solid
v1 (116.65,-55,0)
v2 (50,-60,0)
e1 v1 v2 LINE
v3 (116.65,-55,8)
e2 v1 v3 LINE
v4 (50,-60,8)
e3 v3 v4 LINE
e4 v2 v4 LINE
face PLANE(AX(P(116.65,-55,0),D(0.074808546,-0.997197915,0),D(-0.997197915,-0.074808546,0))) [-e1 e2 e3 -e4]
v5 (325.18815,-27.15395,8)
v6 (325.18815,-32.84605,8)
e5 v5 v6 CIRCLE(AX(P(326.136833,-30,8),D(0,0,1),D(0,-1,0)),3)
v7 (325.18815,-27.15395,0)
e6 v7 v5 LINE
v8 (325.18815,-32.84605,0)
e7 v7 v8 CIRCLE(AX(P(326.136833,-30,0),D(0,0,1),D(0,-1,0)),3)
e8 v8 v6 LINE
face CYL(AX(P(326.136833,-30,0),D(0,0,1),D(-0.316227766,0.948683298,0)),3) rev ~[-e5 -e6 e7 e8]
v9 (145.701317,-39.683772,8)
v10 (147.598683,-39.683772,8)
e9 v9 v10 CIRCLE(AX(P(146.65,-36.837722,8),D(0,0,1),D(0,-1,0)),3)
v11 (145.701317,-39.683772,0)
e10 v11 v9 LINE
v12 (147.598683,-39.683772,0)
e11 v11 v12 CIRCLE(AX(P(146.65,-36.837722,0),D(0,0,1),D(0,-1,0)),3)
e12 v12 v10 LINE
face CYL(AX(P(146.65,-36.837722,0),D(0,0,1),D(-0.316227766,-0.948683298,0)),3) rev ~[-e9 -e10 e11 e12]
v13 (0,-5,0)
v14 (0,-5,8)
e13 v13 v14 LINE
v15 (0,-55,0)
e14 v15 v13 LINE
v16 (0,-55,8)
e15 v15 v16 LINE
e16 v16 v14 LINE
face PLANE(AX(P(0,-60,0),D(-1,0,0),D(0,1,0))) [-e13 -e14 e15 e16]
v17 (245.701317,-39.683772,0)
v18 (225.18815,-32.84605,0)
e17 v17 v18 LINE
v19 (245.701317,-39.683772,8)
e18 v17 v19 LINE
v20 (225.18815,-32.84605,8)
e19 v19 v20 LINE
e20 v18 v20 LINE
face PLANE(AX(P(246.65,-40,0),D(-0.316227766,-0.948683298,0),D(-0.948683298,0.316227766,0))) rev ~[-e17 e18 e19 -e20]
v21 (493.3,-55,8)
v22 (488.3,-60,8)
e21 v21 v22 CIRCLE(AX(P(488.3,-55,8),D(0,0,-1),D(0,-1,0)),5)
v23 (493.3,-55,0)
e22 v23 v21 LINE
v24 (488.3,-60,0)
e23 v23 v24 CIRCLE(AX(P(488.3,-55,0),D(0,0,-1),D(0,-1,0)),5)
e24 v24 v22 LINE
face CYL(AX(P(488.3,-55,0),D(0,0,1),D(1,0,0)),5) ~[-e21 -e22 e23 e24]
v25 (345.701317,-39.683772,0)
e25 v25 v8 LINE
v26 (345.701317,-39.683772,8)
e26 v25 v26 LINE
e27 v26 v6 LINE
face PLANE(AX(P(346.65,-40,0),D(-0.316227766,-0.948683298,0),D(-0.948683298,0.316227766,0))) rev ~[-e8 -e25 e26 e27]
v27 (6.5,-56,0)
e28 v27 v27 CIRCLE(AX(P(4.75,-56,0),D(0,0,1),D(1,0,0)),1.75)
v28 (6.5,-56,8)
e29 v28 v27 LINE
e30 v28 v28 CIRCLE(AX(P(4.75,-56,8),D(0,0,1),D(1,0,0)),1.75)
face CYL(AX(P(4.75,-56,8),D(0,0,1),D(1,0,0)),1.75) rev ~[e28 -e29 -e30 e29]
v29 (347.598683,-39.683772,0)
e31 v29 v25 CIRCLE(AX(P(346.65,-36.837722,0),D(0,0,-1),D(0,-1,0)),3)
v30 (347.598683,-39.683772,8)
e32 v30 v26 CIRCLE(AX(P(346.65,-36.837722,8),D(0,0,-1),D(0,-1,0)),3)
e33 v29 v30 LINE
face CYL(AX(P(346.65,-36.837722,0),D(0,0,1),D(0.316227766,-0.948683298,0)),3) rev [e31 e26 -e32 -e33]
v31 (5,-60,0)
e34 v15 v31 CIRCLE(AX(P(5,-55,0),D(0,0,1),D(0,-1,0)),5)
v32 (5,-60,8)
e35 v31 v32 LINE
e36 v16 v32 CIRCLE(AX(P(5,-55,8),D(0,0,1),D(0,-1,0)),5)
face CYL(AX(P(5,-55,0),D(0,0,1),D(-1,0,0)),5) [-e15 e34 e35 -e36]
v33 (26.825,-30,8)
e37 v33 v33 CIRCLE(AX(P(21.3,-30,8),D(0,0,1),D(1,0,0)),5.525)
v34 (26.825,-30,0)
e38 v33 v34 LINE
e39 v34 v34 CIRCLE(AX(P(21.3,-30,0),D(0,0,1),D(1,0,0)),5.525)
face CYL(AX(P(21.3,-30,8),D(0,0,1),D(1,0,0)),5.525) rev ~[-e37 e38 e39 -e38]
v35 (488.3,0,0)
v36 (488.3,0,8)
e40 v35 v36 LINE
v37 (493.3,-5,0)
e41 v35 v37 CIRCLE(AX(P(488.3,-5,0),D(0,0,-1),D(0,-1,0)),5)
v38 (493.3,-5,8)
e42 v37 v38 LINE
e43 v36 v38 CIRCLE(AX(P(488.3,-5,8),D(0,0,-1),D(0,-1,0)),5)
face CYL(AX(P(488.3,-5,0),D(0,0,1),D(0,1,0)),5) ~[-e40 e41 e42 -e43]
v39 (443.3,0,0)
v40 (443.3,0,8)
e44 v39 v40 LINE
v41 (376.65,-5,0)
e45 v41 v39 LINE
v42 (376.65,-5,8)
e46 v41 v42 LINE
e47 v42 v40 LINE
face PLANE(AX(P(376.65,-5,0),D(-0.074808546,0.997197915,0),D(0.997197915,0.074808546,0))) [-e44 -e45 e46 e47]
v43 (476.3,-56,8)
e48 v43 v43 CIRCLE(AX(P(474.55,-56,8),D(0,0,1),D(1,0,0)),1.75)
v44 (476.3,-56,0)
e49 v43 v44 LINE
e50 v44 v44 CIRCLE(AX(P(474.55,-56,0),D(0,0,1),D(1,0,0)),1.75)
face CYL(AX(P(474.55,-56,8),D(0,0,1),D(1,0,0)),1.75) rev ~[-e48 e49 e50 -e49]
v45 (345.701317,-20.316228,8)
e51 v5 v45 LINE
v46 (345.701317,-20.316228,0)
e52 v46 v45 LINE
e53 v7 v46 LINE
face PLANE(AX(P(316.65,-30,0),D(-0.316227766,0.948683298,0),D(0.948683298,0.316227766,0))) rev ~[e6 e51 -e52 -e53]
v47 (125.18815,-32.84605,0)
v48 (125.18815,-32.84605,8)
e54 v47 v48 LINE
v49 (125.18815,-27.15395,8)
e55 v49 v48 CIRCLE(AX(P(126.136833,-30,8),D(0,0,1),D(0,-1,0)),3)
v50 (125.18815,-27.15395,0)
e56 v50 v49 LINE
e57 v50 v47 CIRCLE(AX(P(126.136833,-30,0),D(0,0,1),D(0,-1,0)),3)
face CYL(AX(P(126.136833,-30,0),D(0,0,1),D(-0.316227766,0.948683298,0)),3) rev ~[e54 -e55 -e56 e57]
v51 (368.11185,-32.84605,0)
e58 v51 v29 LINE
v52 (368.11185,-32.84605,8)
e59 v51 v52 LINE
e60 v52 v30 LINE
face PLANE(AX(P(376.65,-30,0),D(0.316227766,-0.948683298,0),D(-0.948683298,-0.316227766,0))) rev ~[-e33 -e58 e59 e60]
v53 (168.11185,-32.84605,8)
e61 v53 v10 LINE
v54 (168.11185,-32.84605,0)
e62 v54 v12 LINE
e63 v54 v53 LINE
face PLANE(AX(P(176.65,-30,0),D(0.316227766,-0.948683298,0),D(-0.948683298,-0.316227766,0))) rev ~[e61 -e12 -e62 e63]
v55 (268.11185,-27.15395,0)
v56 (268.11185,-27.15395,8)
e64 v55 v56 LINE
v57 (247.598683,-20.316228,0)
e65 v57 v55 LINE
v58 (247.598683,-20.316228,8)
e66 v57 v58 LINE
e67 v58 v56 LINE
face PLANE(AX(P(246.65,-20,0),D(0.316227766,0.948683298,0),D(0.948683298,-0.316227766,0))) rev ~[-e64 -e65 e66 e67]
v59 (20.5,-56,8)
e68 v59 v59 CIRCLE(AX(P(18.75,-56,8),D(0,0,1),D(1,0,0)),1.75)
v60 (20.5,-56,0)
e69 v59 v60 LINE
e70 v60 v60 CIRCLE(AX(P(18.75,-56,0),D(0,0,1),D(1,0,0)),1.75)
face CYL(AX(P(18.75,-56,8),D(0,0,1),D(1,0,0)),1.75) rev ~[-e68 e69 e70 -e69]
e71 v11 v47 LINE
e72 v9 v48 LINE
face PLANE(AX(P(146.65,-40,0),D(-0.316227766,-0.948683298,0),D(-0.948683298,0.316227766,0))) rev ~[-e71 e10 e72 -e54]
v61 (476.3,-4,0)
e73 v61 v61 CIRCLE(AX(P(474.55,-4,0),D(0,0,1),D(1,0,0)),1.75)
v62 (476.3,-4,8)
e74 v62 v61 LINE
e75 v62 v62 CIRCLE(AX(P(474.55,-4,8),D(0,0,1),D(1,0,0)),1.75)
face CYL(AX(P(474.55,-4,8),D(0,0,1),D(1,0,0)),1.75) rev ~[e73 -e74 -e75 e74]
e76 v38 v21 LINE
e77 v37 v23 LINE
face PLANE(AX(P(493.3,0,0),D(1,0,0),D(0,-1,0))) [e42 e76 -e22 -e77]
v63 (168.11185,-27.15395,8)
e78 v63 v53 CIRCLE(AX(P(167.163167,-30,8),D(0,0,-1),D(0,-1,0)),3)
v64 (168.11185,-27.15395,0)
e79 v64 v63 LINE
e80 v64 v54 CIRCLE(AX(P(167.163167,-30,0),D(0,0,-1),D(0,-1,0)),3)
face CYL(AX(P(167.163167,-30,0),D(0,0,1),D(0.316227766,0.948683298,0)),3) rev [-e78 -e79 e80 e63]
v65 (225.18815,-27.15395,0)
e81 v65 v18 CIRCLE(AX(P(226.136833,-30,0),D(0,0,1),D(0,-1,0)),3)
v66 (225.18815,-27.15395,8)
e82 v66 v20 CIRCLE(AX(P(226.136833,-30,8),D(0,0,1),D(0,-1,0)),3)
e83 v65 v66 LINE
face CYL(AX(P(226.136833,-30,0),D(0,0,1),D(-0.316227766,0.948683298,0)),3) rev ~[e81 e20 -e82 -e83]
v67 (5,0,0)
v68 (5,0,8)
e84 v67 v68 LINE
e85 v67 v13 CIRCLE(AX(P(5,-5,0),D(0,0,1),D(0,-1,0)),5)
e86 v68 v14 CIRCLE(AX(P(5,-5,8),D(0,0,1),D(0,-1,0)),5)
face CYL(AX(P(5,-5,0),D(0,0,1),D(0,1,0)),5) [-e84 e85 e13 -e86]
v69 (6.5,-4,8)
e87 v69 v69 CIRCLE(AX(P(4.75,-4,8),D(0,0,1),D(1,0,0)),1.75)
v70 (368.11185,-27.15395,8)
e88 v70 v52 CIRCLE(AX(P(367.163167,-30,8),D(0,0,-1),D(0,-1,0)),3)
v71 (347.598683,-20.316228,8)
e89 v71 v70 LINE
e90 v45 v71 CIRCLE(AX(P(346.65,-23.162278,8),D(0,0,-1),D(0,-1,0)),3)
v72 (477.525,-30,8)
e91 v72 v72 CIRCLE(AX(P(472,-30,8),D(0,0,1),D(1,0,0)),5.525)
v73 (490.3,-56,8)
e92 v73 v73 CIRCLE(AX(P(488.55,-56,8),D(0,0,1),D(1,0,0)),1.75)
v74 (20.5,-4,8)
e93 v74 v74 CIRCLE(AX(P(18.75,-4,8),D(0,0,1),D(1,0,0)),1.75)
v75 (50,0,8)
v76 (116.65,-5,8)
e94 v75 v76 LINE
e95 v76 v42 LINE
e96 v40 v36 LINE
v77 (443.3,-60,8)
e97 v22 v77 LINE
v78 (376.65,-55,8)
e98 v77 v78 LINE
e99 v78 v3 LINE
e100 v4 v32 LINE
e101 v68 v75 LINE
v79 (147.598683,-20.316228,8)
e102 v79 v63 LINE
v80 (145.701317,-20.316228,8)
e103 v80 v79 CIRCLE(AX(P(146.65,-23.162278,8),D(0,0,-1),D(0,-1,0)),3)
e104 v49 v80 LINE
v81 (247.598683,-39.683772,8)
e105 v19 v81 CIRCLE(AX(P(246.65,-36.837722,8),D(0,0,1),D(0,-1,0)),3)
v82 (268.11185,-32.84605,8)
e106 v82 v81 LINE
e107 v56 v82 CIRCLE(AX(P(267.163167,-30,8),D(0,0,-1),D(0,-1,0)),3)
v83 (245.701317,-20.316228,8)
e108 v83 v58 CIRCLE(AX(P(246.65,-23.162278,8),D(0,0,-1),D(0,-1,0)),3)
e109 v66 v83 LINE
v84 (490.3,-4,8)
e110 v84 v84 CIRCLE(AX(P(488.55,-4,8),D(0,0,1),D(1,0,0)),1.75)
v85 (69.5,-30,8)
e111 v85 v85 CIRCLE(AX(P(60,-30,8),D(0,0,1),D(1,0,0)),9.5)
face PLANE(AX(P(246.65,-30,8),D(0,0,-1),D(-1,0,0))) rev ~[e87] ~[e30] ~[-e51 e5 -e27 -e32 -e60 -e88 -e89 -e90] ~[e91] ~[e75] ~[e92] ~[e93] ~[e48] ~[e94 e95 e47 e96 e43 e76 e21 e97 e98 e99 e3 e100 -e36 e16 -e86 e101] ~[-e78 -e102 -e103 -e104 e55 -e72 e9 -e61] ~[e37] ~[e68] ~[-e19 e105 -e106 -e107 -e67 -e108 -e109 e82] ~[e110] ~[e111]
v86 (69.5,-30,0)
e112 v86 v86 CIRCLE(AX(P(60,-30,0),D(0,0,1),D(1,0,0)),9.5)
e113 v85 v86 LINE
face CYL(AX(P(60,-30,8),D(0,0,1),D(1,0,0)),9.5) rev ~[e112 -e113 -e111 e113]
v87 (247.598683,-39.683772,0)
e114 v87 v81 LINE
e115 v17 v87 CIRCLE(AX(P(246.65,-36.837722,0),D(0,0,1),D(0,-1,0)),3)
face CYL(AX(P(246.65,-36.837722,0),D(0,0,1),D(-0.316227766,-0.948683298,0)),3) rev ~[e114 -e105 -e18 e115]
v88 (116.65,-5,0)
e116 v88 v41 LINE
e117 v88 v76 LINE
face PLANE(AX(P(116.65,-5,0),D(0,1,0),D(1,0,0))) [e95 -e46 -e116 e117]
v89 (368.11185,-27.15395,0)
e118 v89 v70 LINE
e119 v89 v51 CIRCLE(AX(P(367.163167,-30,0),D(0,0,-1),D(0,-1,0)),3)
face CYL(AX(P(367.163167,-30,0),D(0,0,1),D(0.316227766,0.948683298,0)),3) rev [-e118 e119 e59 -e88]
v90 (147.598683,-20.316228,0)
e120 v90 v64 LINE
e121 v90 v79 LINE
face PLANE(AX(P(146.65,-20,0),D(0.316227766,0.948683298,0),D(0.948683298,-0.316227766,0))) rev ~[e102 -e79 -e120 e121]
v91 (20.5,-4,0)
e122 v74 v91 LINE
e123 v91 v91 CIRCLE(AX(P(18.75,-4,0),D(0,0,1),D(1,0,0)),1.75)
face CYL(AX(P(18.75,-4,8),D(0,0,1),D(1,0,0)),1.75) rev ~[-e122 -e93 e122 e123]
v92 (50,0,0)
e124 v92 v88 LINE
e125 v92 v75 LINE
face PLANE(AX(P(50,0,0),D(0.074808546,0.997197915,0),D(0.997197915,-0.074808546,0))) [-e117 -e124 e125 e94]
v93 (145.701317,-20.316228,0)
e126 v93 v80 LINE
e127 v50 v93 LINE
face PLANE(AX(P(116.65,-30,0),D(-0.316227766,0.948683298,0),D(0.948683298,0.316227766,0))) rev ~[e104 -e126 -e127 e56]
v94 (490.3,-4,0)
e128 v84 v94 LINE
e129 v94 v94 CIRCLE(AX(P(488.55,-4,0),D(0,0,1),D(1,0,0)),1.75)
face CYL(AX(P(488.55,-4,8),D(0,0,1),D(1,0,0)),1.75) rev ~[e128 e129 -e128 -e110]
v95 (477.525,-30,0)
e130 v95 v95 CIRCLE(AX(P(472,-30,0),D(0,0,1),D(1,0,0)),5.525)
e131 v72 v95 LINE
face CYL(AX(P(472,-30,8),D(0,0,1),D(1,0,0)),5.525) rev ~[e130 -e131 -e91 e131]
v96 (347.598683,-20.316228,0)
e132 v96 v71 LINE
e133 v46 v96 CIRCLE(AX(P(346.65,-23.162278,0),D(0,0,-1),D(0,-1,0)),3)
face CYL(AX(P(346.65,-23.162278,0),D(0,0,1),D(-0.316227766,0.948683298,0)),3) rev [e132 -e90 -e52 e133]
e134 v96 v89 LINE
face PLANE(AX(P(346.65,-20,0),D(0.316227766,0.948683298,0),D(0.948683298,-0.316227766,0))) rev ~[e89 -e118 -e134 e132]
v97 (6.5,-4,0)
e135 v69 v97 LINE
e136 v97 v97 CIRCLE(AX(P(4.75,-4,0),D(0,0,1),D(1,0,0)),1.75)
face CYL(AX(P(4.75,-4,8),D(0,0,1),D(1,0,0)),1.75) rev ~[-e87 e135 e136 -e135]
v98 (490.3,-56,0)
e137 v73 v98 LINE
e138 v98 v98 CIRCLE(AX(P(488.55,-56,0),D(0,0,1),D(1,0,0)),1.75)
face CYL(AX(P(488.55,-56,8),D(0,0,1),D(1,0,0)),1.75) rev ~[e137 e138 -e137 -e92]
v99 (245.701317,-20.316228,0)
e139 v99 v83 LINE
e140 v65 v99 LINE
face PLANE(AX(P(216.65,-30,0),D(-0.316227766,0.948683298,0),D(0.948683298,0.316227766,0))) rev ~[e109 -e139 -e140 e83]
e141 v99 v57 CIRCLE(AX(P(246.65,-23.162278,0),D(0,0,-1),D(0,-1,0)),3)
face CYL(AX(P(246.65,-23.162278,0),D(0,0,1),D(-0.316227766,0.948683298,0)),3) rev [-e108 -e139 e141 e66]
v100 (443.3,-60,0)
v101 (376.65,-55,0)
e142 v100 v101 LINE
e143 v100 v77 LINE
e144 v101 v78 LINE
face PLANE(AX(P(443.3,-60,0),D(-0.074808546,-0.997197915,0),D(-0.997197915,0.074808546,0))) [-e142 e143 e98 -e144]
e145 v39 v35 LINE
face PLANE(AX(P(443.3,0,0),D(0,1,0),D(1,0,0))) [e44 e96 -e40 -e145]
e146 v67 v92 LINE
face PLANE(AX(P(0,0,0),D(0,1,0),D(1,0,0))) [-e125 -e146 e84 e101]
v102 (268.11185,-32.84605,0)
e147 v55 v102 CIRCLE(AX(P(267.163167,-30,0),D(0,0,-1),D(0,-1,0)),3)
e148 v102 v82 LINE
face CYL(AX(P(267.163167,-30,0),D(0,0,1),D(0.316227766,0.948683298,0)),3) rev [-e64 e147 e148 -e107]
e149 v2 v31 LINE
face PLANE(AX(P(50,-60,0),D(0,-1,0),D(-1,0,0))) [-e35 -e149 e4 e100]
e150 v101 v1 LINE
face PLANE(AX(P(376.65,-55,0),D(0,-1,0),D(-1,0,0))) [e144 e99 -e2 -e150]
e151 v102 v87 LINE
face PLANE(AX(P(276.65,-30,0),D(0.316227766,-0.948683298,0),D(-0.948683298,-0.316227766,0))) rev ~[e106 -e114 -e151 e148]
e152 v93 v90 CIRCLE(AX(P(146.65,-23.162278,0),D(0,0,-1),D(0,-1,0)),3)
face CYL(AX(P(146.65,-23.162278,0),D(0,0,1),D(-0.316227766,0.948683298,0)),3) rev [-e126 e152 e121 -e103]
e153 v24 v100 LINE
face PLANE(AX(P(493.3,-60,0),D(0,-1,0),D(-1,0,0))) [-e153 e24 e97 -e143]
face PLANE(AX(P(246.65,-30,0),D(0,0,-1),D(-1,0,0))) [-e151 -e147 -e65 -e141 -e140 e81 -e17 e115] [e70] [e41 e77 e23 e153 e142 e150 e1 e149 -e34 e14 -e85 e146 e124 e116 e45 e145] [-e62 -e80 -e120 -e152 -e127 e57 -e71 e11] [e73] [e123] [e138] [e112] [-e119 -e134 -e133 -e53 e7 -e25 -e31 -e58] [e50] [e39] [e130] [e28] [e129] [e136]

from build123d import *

# Parameters (mm, degrees)
EXTRUDE_1_DEPTH     = 8
FILLET_1_R          = 3
FILLET_2_R          = 5
SKETCH_2_R          = 1.75
SKETCH_2_R_2        = 5.525
CUT_EXTRUDE_1_DEPTH = 10
SKETCH_3_R          = 9.5
CUT_EXTRUDE_2_DEPTH = 497.999889336


with BuildPart() as part:
    # 草图1 → 凸台-拉伸1 (new body)
    with BuildSketch(Plane.XY):
        Polygon((0, 0), (50, 0), (116.65, -5), (376.65, -5), (443.3, 0), (493.3, 0), (493.3, -60), (443.3, -60), (376.65, -55), (116.65, -55), (50, -60), (0, -60), align=None)
        Polygon((116.65, -30), (146.65, -20), (176.65, -30), (146.65, -40), align=None, mode=Mode.SUBTRACT)
        Polygon((216.65, -30), (246.65, -20), (276.65, -30), (246.65, -40), align=None, mode=Mode.SUBTRACT)
        Polygon((316.65, -30), (346.65, -20), (376.65, -30), (346.65, -40), align=None, mode=Mode.SUBTRACT)
    extrude(amount=EXTRUDE_1_DEPTH)

    # 圆角1
    fillet_1_edges = [part.edges().sort_by_distance(p)[0] for p in [
        (216.65, -30, 4),
        (246.65, -40, 4),
        (276.65, -30, 4),
        (246.65, -20, 4),
        (116.65, -30, 4),
        (146.65, -40, 4),
        (176.65, -30, 4),
        (146.65, -20, 4),
        (316.65, -30, 4),
        (346.65, -40, 4),
        (376.65, -30, 4),
        (346.65, -20, 4),
    ]]
    fillet(fillet_1_edges, radius=FILLET_1_R)

    # 圆角2
    fillet_2_edges = [part.edges().sort_by_distance(p)[0] for p in [
        (0, 0, 4),
        (493.3, 0, 4),
        (493.3, -60, 4),
        (0, -60, 4),
    ]]
    fillet(fillet_2_edges, radius=FILLET_2_R)

    # 草图2 → 切除-拉伸1 (cut)
    with BuildSketch(Plane.XY.offset(8)):
        with Locations((4.75, -4)):
            Circle(SKETCH_2_R)
        with Locations((18.75, -4)):
            Circle(SKETCH_2_R)
        with Locations((18.75, -56)):
            Circle(SKETCH_2_R)
        with Locations((4.75, -56)):
            Circle(SKETCH_2_R)
        with Locations((21.3, -30)):
            Circle(SKETCH_2_R_2)
        with Locations((488.55, -4)):
            Circle(SKETCH_2_R)
        with Locations((474.55, -4)):
            Circle(SKETCH_2_R)
        with Locations((474.55, -56)):
            Circle(SKETCH_2_R)
        with Locations((488.55, -56)):
            Circle(SKETCH_2_R)
        with Locations((472, -30)):
            Circle(SKETCH_2_R_2)
    extrude(amount=-CUT_EXTRUDE_1_DEPTH, mode=Mode.SUBTRACT)

    # 草图3 → 切除-拉伸2 (cut, through all)
    with BuildSketch(Plane.XY.offset(8)):
        with Locations((60, -30)):
            Circle(SKETCH_3_R)
    extrude(amount=-CUT_EXTRUDE_2_DEPTH, mode=Mode.SUBTRACT)


solid = part.part
